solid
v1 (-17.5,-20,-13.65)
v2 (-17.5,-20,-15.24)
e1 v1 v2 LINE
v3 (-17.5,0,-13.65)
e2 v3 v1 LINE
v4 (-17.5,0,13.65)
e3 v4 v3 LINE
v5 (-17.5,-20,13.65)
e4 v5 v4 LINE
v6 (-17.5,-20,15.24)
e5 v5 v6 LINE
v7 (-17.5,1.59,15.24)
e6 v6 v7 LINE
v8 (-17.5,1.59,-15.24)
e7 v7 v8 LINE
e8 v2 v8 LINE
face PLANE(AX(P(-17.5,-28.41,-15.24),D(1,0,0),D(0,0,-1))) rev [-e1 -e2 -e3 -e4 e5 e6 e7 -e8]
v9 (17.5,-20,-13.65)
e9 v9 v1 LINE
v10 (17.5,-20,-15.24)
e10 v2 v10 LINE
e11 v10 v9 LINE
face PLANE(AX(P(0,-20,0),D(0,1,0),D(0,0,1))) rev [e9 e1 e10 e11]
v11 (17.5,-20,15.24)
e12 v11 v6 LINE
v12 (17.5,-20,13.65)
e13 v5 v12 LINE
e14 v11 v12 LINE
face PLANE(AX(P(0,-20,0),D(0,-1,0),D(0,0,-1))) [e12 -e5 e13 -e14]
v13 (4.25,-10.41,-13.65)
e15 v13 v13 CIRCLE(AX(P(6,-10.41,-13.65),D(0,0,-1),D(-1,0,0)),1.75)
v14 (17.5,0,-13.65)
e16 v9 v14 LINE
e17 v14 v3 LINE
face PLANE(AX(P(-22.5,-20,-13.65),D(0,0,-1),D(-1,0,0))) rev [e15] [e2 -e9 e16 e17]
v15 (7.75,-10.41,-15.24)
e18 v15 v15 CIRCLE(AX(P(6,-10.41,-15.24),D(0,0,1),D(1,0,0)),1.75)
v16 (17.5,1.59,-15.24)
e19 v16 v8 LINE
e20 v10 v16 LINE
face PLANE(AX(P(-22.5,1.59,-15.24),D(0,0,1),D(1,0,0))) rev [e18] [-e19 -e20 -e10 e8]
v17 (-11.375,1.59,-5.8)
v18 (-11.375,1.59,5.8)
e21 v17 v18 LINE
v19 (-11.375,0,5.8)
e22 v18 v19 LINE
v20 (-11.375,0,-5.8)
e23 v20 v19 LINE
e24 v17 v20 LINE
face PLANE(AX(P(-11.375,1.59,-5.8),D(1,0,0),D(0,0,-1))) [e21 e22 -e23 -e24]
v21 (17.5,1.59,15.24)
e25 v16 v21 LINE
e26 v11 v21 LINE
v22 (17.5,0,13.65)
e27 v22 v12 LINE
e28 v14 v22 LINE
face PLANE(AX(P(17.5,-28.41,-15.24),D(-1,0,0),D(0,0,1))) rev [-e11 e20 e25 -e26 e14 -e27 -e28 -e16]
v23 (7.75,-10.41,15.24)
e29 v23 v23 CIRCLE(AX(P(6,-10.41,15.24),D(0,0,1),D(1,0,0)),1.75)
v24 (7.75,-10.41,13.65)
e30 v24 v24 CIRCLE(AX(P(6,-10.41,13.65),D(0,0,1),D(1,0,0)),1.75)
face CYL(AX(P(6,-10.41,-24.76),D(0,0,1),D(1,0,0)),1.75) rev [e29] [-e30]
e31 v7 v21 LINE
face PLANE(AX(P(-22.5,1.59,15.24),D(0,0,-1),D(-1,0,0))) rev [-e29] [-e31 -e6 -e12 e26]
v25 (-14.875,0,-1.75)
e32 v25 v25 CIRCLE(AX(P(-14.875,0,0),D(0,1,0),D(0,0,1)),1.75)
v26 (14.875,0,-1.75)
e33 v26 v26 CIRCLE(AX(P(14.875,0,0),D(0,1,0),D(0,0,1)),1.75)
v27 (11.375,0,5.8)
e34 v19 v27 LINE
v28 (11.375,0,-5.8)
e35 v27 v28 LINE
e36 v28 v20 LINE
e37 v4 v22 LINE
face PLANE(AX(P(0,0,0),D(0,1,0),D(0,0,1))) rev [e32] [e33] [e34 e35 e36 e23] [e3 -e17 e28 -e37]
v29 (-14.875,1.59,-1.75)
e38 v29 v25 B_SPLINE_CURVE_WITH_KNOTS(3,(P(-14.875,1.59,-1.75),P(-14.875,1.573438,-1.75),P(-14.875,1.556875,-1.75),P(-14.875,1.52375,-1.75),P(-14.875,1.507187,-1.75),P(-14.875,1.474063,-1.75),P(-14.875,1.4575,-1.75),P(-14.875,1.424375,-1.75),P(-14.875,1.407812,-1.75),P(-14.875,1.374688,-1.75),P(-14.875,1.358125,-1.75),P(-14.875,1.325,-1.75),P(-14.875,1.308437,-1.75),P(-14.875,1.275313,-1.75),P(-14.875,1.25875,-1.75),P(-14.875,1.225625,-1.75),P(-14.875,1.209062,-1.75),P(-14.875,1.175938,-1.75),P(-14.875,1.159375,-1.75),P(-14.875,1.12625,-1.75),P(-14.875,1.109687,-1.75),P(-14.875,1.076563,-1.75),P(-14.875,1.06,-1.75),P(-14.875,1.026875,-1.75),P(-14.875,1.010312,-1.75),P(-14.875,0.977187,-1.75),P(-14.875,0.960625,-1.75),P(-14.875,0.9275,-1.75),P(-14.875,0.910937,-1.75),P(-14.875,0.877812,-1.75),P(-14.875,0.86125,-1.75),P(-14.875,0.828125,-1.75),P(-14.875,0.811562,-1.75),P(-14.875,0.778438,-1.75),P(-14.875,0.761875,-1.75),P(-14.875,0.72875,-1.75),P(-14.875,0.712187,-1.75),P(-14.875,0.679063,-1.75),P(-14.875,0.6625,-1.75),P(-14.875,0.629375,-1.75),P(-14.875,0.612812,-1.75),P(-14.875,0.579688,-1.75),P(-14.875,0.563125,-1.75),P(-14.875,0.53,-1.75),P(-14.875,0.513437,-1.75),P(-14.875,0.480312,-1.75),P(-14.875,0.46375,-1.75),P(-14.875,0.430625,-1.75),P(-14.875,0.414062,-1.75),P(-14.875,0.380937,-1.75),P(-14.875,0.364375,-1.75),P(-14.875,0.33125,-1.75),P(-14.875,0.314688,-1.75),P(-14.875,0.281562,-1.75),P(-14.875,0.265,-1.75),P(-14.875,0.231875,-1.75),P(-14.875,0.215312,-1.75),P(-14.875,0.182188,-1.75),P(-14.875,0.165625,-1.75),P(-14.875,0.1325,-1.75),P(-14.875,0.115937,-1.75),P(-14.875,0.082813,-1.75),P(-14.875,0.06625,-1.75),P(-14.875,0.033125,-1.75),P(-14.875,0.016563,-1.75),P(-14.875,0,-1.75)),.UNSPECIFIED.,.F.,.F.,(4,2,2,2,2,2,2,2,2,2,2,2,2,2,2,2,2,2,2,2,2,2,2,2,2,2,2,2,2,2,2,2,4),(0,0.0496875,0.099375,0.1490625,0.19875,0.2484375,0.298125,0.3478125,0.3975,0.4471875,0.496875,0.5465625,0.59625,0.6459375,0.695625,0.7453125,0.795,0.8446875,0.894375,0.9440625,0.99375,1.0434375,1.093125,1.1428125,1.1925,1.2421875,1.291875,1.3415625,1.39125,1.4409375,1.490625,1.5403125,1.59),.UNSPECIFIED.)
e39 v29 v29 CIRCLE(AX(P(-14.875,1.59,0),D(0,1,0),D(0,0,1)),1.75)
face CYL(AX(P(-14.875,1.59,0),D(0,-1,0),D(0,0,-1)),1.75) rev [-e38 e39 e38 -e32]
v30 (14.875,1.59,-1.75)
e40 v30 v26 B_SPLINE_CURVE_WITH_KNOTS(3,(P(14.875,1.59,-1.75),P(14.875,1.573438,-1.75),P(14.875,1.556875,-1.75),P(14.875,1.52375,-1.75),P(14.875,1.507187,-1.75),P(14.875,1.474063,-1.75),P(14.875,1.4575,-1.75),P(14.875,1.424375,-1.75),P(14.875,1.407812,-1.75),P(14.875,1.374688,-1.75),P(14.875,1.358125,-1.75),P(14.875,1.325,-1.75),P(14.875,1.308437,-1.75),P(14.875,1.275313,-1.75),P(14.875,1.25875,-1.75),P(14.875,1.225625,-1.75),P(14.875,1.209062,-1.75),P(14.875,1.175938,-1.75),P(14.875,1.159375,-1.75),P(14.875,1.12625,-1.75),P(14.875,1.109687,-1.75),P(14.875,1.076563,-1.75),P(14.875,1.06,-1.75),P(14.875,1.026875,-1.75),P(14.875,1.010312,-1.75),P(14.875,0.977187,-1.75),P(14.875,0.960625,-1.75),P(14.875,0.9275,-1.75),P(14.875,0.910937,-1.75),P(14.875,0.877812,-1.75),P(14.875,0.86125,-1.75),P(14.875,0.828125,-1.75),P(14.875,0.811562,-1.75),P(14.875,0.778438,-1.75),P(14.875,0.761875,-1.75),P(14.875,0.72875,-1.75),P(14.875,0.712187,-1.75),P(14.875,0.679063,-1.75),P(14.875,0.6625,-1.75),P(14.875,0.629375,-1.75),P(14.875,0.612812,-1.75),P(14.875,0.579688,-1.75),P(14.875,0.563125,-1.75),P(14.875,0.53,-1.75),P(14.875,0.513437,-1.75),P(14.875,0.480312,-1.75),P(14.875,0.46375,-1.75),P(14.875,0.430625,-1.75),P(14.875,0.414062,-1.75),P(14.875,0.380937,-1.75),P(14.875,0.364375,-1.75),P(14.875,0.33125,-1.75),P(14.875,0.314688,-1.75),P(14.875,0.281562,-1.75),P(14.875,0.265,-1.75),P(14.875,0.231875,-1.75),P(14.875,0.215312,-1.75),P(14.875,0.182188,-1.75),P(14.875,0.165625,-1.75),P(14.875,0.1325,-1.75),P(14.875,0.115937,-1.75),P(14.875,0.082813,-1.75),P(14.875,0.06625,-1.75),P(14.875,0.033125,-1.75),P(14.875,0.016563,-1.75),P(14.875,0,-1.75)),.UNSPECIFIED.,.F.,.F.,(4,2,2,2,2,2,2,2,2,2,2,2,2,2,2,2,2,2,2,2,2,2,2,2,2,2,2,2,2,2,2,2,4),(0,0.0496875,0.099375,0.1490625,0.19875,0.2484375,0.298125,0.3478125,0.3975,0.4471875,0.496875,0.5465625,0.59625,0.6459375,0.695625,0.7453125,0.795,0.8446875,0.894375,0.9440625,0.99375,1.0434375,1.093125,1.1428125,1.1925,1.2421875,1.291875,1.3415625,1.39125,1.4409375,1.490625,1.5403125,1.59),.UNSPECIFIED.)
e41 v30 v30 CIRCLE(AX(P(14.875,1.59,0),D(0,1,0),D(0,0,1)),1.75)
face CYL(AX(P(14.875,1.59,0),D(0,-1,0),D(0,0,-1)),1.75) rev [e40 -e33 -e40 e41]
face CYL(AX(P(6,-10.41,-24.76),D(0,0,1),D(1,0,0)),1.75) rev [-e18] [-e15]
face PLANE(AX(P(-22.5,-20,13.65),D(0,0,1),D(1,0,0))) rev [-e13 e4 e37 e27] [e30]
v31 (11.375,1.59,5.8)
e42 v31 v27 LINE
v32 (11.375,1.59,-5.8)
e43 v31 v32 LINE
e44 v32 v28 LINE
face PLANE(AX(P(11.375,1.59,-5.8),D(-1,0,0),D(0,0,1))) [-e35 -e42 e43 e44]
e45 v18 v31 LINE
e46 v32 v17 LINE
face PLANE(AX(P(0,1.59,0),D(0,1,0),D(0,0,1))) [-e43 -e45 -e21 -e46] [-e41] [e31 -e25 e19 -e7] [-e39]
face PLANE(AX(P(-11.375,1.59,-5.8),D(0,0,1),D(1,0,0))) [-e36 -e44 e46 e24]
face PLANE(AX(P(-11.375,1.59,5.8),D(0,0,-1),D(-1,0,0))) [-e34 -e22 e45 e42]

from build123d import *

# Parameters (mm, degrees)
SKETCH1_W           = 45
SKETCH1_H           = 30.48
SKETCH1_R           = 1.75
SKETCH1_W_2         = 22.75
SKETCH1_H_2         = 11.6
BOSS_EXTRUDE1_DEPTH = 1.59
SKETCH3_W           = 45
SKETCH3_H           = 1.59
BOSS_EXTRUDE3_DEPTH = 20
SKETCH4_R           = 1.75
CUT_EXTRUDE2_DEPTH  = 40
SKETCH5_W           = 5
SKETCH5_H           = 30.48
CUT_EXTRUDE3_DEPTH  = 30


with BuildPart() as part:
    # Sketch1 → Boss-Extrude1 (new body)
    with BuildSketch(Plane(origin=(0, 0, 0), x_dir=(1, 0, 0), z_dir=(0, 1, 0))):
        Rectangle(SKETCH1_W, SKETCH1_H)
        with Locations(Location((-14.875, 0, 0), (0, 0, 90))):
            Circle(SKETCH1_R, mode=Mode.SUBTRACT)
        with Locations(Location((14.875, 0, 0), (0, 0, 90))):
            Circle(SKETCH1_R, mode=Mode.SUBTRACT)
        Rectangle(SKETCH1_W_2, SKETCH1_H_2, mode=Mode.SUBTRACT)
    extrude(amount=BOSS_EXTRUDE1_DEPTH)

    # Sketch3 → Boss-Extrude3 (add)
    with BuildSketch(Plane(origin=(0, 0, 0), x_dir=(-1, 0, 0), z_dir=(0, -1, 0))):
        with Locations((0, -14.445)):
            Rectangle(SKETCH3_W, SKETCH3_H)
        with Locations((0, 14.445)):
            Rectangle(SKETCH3_W, SKETCH3_H)
    extrude(amount=BOSS_EXTRUDE3_DEPTH)

    # Sketch4 → Cut-Extrude2 (cut)
    with BuildSketch(Plane.XY.offset(15.24)):
        with Locations((6, -10.41)):
            Circle(SKETCH4_R)
    extrude(amount=-CUT_EXTRUDE2_DEPTH, mode=Mode.SUBTRACT)

    # Sketch5 → Cut-Extrude3 (cut)
    with BuildSketch(Plane(origin=(0, 1.59, 0), x_dir=(1, 0, 0), z_dir=(0, 1, 0))):
        with Locations((-20, 0)):
            Rectangle(SKETCH5_W, SKETCH5_H)
        with Locations((20, 0)):
            Rectangle(SKETCH5_W, SKETCH5_H)
    extrude(amount=-CUT_EXTRUDE3_DEPTH, mode=Mode.SUBTRACT)


solid = part.part
